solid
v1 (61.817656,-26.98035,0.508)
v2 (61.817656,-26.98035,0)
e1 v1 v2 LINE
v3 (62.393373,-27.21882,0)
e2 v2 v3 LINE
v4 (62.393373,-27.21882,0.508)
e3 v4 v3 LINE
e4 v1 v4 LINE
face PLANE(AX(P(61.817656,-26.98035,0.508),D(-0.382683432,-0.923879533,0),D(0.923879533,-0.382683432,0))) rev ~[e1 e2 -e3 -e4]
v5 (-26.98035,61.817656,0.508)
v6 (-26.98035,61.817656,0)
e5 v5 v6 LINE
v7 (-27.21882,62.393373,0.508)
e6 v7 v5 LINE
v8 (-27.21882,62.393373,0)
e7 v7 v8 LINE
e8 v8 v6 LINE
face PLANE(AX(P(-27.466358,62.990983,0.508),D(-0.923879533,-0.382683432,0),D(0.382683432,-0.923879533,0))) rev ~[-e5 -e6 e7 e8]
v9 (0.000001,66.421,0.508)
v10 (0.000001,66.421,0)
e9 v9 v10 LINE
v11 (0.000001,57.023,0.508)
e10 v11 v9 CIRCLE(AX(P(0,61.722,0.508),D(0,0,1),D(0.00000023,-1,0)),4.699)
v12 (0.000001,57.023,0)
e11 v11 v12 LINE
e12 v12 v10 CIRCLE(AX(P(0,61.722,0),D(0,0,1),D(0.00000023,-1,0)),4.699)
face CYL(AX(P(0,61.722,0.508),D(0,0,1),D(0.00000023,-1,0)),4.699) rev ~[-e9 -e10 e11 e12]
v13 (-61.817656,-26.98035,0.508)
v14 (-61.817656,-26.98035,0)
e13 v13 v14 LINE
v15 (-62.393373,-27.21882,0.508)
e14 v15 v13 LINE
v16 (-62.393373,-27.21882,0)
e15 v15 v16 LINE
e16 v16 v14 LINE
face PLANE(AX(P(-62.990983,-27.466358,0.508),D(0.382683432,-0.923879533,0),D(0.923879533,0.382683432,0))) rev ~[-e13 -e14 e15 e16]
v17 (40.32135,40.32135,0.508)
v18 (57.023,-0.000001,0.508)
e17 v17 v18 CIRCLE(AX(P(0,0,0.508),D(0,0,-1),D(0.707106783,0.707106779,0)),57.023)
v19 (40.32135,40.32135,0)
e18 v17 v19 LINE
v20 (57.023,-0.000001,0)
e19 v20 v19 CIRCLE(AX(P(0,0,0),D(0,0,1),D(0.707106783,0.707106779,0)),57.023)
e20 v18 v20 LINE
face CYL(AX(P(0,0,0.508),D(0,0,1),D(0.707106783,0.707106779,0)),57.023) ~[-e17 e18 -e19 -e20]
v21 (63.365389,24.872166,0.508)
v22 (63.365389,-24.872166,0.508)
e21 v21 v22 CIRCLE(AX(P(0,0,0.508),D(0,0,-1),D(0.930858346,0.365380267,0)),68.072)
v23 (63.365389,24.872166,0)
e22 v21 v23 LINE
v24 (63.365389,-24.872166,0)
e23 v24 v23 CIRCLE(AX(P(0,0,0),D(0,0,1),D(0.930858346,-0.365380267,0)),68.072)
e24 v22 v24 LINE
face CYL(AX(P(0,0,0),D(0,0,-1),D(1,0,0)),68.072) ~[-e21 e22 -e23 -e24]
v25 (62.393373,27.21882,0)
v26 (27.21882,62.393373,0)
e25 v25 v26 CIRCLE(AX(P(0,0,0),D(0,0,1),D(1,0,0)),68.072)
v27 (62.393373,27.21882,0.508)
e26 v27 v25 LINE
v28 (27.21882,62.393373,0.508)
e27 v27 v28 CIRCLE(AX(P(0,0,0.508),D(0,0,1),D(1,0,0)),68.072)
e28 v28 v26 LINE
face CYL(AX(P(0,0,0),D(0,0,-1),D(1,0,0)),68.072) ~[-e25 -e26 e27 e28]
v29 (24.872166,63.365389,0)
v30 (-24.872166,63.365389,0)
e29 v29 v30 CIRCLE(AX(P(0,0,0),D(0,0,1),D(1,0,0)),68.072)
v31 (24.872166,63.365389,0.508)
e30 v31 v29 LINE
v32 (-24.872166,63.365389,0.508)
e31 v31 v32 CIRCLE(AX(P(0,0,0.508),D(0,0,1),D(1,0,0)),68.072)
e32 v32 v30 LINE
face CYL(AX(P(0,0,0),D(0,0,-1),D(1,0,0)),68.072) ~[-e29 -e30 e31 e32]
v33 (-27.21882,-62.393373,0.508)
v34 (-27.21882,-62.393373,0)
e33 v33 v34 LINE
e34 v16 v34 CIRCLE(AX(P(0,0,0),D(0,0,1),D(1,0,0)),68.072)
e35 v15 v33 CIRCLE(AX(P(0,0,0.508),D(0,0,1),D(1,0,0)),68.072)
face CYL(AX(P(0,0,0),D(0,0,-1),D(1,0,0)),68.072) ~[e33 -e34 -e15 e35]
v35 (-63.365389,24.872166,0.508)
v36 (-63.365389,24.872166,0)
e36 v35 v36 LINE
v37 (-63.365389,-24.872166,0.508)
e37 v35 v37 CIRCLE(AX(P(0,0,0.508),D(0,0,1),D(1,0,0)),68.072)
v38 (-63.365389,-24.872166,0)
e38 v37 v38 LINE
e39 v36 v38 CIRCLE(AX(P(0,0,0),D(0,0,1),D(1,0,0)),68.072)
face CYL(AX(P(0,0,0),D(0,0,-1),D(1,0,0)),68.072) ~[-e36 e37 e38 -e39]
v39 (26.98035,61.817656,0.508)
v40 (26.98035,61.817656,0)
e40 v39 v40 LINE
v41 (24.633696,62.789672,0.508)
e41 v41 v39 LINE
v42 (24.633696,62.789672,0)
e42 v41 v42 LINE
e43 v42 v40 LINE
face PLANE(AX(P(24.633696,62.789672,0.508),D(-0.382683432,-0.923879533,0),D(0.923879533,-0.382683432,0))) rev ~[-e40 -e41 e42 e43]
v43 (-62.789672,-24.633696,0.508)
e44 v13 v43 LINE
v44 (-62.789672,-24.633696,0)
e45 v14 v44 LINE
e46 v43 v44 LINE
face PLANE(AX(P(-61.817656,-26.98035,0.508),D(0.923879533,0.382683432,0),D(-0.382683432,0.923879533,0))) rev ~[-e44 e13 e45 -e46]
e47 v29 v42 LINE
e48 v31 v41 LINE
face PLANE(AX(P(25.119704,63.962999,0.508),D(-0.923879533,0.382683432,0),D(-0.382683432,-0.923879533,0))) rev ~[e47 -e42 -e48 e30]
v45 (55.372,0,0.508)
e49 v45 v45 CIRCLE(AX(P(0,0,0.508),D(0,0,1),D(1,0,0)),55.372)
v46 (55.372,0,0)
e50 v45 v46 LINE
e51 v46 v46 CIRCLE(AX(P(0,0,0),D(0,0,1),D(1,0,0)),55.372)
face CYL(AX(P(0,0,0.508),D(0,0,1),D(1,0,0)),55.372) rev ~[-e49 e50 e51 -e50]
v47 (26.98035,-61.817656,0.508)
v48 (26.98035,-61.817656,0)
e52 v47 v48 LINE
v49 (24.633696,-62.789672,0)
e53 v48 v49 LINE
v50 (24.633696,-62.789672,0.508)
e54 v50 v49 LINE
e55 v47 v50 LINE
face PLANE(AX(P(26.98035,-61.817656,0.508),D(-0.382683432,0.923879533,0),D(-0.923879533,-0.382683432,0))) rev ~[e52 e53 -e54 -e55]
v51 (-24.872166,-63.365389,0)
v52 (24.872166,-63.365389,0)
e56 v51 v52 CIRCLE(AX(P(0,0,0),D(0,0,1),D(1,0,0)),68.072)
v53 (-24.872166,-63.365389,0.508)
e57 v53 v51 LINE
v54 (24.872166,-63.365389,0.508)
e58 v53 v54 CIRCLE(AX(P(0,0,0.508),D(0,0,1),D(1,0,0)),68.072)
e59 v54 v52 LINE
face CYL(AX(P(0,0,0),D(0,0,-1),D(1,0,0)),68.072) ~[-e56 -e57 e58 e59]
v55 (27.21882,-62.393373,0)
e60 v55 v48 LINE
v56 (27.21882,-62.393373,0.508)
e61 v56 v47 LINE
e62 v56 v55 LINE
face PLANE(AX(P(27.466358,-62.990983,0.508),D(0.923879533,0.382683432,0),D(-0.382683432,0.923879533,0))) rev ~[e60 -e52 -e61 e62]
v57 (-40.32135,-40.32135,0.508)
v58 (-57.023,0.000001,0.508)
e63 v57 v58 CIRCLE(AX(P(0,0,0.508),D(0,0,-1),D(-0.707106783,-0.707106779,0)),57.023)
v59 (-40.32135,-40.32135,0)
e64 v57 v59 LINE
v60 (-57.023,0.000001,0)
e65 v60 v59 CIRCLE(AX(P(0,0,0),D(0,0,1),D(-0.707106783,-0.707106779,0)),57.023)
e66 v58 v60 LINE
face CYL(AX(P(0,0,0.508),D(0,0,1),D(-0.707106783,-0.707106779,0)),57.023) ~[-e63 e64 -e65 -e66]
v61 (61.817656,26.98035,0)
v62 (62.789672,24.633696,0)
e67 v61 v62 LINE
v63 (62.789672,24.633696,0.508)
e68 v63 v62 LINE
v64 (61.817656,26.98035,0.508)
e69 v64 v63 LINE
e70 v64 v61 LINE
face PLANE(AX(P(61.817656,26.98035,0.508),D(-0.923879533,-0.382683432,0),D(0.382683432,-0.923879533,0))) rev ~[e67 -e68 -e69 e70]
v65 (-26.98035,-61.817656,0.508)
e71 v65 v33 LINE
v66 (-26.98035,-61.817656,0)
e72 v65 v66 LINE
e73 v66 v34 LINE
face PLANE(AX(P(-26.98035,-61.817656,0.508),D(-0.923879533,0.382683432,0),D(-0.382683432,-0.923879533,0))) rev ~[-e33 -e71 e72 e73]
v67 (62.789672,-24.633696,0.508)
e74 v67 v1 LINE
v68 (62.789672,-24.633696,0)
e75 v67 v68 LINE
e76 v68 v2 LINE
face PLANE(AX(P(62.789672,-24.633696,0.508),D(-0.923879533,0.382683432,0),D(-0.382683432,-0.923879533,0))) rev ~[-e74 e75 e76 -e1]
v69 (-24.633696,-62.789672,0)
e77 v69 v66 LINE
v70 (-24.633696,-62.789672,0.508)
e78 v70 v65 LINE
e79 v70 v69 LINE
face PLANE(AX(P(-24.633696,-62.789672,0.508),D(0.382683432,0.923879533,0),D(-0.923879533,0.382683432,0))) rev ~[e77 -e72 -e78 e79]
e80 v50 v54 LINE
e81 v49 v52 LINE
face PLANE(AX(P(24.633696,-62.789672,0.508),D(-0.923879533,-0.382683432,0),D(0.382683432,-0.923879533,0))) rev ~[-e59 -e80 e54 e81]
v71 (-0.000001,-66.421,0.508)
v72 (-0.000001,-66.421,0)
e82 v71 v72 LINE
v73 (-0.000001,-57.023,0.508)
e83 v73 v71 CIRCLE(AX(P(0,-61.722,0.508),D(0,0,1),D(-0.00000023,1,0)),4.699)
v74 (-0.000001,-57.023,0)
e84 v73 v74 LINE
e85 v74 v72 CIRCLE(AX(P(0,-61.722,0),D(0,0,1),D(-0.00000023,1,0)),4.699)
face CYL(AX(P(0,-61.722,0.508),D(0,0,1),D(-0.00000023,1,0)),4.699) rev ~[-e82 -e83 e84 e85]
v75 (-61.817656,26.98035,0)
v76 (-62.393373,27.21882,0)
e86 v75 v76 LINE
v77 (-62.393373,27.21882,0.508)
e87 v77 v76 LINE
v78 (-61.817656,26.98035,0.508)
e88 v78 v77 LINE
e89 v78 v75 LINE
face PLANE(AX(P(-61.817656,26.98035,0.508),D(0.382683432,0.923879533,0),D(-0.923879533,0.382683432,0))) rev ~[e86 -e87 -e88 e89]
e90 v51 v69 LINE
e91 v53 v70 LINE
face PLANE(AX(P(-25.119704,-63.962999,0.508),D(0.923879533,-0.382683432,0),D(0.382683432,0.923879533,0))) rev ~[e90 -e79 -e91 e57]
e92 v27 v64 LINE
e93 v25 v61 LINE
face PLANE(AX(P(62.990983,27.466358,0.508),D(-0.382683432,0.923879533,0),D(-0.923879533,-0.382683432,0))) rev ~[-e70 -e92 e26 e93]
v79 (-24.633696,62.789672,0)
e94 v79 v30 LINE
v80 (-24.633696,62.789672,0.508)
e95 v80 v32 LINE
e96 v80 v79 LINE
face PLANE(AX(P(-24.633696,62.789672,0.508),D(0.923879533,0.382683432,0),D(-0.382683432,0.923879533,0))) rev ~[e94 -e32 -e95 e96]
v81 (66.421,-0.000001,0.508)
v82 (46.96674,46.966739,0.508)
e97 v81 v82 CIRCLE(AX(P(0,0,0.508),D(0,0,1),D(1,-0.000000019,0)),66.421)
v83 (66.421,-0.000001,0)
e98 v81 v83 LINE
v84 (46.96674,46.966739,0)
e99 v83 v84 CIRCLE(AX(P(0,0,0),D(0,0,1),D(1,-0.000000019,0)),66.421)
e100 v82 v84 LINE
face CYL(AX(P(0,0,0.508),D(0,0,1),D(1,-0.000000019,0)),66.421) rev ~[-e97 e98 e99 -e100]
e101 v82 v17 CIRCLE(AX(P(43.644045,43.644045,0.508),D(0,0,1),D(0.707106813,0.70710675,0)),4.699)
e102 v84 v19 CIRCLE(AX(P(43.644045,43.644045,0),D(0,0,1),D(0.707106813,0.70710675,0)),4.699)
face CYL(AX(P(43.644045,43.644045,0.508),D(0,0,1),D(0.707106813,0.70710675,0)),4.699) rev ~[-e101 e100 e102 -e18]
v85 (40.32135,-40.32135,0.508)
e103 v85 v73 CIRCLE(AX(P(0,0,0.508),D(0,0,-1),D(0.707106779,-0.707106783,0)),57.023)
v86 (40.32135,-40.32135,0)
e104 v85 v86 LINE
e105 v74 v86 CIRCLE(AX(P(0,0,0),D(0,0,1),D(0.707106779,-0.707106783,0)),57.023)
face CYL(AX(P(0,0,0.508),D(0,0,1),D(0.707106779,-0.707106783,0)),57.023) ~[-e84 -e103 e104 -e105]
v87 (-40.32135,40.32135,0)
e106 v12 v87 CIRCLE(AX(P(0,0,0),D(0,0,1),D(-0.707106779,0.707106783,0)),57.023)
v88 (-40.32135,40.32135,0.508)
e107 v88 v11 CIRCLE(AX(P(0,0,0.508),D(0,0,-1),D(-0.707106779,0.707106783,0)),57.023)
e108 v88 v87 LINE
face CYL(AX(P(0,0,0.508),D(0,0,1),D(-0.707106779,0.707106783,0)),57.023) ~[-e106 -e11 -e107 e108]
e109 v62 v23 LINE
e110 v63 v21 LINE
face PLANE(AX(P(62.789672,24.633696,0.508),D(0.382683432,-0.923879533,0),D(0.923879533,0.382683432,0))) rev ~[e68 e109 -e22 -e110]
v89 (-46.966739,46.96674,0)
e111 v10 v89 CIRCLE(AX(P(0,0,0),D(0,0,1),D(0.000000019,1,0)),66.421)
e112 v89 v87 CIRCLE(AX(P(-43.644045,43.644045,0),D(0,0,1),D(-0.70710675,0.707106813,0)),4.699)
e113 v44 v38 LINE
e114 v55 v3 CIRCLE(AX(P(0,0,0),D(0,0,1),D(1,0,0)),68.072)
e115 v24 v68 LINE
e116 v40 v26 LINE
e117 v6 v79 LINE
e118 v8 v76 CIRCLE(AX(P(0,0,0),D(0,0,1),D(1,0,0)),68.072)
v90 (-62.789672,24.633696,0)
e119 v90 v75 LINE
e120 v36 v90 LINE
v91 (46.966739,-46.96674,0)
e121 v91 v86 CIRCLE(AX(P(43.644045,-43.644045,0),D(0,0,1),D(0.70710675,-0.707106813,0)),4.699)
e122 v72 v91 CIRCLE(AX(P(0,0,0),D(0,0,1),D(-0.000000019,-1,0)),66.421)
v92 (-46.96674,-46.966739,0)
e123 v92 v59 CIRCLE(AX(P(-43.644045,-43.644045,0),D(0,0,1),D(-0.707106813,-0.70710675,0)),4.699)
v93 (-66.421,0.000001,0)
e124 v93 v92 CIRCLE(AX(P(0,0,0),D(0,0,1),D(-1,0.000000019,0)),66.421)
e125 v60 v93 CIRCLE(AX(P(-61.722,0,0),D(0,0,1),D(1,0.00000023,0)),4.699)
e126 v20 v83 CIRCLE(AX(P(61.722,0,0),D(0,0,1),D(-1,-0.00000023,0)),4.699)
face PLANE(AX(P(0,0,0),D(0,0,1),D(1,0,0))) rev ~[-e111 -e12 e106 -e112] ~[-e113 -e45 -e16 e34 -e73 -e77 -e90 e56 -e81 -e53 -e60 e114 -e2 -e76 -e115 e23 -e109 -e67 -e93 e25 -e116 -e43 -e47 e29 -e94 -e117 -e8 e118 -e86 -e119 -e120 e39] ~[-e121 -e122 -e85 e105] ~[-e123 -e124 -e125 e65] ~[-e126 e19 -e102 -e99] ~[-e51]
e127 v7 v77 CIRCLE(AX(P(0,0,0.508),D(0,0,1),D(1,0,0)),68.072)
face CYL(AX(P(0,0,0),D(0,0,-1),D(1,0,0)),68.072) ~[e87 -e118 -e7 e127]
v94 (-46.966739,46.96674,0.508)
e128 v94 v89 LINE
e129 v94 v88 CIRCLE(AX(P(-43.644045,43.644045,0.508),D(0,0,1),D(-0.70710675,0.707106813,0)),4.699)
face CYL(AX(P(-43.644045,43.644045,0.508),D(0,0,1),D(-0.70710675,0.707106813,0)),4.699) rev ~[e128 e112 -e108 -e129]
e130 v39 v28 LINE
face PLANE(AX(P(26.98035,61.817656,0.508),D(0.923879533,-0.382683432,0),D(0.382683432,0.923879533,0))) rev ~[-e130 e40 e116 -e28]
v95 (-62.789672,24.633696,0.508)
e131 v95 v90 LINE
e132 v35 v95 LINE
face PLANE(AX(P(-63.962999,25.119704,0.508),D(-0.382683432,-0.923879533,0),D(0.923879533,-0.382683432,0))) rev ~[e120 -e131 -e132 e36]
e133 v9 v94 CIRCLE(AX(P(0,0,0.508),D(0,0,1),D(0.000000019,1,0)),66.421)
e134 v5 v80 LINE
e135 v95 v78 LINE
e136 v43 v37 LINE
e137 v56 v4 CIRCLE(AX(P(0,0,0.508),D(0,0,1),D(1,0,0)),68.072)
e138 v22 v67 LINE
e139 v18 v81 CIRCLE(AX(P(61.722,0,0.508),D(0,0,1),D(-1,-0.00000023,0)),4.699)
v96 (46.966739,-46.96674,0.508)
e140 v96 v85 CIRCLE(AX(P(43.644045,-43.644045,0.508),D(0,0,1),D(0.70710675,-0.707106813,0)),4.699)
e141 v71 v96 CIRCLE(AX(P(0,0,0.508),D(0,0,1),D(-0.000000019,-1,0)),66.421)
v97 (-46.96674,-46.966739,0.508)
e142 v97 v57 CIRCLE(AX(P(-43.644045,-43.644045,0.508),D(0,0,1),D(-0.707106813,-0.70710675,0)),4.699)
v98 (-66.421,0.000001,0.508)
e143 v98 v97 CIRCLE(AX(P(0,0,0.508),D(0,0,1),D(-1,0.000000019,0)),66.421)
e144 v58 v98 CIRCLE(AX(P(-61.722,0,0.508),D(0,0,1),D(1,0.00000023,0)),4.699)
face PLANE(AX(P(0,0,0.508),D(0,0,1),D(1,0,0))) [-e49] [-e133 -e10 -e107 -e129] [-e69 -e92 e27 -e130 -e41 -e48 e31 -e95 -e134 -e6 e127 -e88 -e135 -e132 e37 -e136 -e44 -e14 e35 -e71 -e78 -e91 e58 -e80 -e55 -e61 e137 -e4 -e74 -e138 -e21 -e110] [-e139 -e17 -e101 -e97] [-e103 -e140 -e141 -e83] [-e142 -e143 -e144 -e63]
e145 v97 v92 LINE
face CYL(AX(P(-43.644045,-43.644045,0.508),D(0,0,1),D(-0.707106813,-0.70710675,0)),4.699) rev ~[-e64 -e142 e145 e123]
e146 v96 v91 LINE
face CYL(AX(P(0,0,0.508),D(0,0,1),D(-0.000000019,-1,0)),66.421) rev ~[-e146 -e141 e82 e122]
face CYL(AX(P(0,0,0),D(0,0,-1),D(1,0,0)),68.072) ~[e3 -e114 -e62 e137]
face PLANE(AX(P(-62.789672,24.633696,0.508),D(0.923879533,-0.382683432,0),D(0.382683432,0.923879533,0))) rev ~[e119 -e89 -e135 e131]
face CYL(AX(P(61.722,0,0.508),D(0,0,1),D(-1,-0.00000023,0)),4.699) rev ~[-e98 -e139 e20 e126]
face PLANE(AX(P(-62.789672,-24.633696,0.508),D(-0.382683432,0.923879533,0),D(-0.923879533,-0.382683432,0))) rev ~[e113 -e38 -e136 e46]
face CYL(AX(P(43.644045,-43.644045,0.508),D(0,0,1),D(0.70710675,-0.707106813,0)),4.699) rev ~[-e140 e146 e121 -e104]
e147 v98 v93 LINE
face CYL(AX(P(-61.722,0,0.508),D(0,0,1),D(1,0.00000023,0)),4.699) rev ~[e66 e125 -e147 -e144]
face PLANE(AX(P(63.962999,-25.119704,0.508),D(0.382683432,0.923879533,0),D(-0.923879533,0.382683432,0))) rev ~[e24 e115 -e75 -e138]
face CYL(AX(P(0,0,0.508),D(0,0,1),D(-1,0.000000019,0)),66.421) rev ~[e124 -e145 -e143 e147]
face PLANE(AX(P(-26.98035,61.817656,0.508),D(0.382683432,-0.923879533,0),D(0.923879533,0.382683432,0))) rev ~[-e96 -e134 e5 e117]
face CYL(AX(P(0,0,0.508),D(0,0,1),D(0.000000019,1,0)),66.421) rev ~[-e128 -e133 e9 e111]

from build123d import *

# Parameters (mm, degrees)
SKETCH4_R           = 68.072
BOSS_EXTRUDE2_DEPTH = 0.508
SKETCH5_R           = 55.372
CUT_EXTRUDE5_DEPTH  = 1.508
CUT_EXTRUDE6_DEPTH  = 1.508
CUT_EXTRUDE11_DEPTH = 1.508


with BuildPart() as part:
    # Sketch4 → Boss-Extrude2 (new body)
    with BuildSketch(Plane.XY):
        Circle(SKETCH4_R)
    extrude(amount=BOSS_EXTRUDE2_DEPTH)

    # Sketch5 → Cut-Extrude5 (cut, through all)
    with BuildSketch(Plane.XY.offset(0.508)):
        Circle(SKETCH5_R)
    extrude(amount=-CUT_EXTRUDE5_DEPTH, mode=Mode.SUBTRACT)

    # Sketch6 → Cut-Extrude6 (cut, through all)
    with BuildSketch(Plane.XY.offset(0.508)):
        with BuildLine():
            ThreePointArc((46.966739661, 46.966739366), (40.321349994, 46.966739524), (40.32135011, 40.321349857))
            ThreePointArc((40.32135011, 40.321349857), (52.682382823, 21.821756782), (57.023, -1.08e-06))
            ThreePointArc((57.023, -1.08e-06), (61.721999911, -4.699), (66.421, -1.258e-06))
            ThreePointArc((66.421, -1.258e-06), (61.36500271, 25.418215583), (46.966739661, 46.966739366))
        make_face()
        with BuildLine():
            ThreePointArc((46.966739366, -46.966739661), (46.966739524, -40.321349994), (40.321349857, -40.32135011))
            ThreePointArc((40.321349857, -40.32135011), (21.821756782, -52.682382823), (-1.08e-06, -57.023))
            ThreePointArc((-1.08e-06, -57.023), (-4.699, -61.721999911), (-1.258e-06, -66.421))
            ThreePointArc((-1.258e-06, -66.421), (25.418215583, -61.36500271), (46.966739366, -46.966739661))
        make_face()
        with BuildLine():
            ThreePointArc((-46.966739661, -46.966739366), (-40.321349994, -46.966739524), (-40.32135011, -40.321349857))
            ThreePointArc((-40.32135011, -40.321349857), (-52.682382823, -21.821756782), (-57.023, 1.08e-06))
            ThreePointArc((-57.023, 1.08e-06), (-61.721999911, 4.699), (-66.421, 1.258e-06))
            ThreePointArc((-66.421, 1.258e-06), (-61.36500271, -25.418215583), (-46.966739661, -46.966739366))
        make_face()
        with BuildLine():
            ThreePointArc((-46.966739366, 46.966739661), (-46.966739524, 40.321349994), (-40.321349857, 40.32135011))
            ThreePointArc((-40.321349857, 40.32135011), (-21.821756782, 52.682382823), (1.08e-06, 57.023))
            ThreePointArc((1.08e-06, 57.023), (4.699, 61.721999911), (1.258e-06, 66.421))
            ThreePointArc((1.258e-06, 66.421), (-25.418215583, 61.36500271), (-46.966739366, 46.966739661))
        make_face()
    extrude(amount=-CUT_EXTRUDE6_DEPTH, mode=Mode.SUBTRACT)

    # Sketch8 → Cut-Extrude11 (cut, through all)
    with BuildSketch(Plane.XY.offset(0.508)):
        Polygon((63.962998999, 25.119703581), (62.990983081, 27.466357594), (61.817656075, 26.980349635), (62.789671993, 24.633695622), align=None)
        Polygon((-25.119703581, 63.962998999), (-27.466357594, 62.990983081), (-26.980349635, 61.817656075), (-24.633695622, 62.789671993), align=None)
        Polygon((-62.990983081, 27.466357594), (-63.962998999, 25.119703581), (-62.789671993, 24.633695622), (-61.817656075, 26.980349635), align=None)
        Polygon((-63.962998999, -25.119703581), (-62.990983081, -27.466357594), (-61.817656075, -26.980349635), (-62.789671993, -24.633695622), align=None)
        Polygon((-27.466357594, -62.990983081), (-25.119703581, -63.962998999), (-24.633695622, -62.789671993), (-26.980349635, -61.817656075), align=None)
        Polygon((25.119703581, -63.962998999), (27.466357594, -62.990983081), (26.980349635, -61.817656075), (24.633695622, -62.789671993), align=None)
        Polygon((62.990983081, -27.466357594), (63.962998999, -25.119703581), (62.789671993, -24.633695622), (61.817656075, -26.980349635), align=None)
        Polygon((27.466357594, 62.990983081), (25.119703581, 63.962998999), (24.633695622, 62.789671993), (26.980349635, 61.817656075), align=None)
    extrude(amount=-CUT_EXTRUDE11_DEPTH, mode=Mode.SUBTRACT)


solid = part.part
